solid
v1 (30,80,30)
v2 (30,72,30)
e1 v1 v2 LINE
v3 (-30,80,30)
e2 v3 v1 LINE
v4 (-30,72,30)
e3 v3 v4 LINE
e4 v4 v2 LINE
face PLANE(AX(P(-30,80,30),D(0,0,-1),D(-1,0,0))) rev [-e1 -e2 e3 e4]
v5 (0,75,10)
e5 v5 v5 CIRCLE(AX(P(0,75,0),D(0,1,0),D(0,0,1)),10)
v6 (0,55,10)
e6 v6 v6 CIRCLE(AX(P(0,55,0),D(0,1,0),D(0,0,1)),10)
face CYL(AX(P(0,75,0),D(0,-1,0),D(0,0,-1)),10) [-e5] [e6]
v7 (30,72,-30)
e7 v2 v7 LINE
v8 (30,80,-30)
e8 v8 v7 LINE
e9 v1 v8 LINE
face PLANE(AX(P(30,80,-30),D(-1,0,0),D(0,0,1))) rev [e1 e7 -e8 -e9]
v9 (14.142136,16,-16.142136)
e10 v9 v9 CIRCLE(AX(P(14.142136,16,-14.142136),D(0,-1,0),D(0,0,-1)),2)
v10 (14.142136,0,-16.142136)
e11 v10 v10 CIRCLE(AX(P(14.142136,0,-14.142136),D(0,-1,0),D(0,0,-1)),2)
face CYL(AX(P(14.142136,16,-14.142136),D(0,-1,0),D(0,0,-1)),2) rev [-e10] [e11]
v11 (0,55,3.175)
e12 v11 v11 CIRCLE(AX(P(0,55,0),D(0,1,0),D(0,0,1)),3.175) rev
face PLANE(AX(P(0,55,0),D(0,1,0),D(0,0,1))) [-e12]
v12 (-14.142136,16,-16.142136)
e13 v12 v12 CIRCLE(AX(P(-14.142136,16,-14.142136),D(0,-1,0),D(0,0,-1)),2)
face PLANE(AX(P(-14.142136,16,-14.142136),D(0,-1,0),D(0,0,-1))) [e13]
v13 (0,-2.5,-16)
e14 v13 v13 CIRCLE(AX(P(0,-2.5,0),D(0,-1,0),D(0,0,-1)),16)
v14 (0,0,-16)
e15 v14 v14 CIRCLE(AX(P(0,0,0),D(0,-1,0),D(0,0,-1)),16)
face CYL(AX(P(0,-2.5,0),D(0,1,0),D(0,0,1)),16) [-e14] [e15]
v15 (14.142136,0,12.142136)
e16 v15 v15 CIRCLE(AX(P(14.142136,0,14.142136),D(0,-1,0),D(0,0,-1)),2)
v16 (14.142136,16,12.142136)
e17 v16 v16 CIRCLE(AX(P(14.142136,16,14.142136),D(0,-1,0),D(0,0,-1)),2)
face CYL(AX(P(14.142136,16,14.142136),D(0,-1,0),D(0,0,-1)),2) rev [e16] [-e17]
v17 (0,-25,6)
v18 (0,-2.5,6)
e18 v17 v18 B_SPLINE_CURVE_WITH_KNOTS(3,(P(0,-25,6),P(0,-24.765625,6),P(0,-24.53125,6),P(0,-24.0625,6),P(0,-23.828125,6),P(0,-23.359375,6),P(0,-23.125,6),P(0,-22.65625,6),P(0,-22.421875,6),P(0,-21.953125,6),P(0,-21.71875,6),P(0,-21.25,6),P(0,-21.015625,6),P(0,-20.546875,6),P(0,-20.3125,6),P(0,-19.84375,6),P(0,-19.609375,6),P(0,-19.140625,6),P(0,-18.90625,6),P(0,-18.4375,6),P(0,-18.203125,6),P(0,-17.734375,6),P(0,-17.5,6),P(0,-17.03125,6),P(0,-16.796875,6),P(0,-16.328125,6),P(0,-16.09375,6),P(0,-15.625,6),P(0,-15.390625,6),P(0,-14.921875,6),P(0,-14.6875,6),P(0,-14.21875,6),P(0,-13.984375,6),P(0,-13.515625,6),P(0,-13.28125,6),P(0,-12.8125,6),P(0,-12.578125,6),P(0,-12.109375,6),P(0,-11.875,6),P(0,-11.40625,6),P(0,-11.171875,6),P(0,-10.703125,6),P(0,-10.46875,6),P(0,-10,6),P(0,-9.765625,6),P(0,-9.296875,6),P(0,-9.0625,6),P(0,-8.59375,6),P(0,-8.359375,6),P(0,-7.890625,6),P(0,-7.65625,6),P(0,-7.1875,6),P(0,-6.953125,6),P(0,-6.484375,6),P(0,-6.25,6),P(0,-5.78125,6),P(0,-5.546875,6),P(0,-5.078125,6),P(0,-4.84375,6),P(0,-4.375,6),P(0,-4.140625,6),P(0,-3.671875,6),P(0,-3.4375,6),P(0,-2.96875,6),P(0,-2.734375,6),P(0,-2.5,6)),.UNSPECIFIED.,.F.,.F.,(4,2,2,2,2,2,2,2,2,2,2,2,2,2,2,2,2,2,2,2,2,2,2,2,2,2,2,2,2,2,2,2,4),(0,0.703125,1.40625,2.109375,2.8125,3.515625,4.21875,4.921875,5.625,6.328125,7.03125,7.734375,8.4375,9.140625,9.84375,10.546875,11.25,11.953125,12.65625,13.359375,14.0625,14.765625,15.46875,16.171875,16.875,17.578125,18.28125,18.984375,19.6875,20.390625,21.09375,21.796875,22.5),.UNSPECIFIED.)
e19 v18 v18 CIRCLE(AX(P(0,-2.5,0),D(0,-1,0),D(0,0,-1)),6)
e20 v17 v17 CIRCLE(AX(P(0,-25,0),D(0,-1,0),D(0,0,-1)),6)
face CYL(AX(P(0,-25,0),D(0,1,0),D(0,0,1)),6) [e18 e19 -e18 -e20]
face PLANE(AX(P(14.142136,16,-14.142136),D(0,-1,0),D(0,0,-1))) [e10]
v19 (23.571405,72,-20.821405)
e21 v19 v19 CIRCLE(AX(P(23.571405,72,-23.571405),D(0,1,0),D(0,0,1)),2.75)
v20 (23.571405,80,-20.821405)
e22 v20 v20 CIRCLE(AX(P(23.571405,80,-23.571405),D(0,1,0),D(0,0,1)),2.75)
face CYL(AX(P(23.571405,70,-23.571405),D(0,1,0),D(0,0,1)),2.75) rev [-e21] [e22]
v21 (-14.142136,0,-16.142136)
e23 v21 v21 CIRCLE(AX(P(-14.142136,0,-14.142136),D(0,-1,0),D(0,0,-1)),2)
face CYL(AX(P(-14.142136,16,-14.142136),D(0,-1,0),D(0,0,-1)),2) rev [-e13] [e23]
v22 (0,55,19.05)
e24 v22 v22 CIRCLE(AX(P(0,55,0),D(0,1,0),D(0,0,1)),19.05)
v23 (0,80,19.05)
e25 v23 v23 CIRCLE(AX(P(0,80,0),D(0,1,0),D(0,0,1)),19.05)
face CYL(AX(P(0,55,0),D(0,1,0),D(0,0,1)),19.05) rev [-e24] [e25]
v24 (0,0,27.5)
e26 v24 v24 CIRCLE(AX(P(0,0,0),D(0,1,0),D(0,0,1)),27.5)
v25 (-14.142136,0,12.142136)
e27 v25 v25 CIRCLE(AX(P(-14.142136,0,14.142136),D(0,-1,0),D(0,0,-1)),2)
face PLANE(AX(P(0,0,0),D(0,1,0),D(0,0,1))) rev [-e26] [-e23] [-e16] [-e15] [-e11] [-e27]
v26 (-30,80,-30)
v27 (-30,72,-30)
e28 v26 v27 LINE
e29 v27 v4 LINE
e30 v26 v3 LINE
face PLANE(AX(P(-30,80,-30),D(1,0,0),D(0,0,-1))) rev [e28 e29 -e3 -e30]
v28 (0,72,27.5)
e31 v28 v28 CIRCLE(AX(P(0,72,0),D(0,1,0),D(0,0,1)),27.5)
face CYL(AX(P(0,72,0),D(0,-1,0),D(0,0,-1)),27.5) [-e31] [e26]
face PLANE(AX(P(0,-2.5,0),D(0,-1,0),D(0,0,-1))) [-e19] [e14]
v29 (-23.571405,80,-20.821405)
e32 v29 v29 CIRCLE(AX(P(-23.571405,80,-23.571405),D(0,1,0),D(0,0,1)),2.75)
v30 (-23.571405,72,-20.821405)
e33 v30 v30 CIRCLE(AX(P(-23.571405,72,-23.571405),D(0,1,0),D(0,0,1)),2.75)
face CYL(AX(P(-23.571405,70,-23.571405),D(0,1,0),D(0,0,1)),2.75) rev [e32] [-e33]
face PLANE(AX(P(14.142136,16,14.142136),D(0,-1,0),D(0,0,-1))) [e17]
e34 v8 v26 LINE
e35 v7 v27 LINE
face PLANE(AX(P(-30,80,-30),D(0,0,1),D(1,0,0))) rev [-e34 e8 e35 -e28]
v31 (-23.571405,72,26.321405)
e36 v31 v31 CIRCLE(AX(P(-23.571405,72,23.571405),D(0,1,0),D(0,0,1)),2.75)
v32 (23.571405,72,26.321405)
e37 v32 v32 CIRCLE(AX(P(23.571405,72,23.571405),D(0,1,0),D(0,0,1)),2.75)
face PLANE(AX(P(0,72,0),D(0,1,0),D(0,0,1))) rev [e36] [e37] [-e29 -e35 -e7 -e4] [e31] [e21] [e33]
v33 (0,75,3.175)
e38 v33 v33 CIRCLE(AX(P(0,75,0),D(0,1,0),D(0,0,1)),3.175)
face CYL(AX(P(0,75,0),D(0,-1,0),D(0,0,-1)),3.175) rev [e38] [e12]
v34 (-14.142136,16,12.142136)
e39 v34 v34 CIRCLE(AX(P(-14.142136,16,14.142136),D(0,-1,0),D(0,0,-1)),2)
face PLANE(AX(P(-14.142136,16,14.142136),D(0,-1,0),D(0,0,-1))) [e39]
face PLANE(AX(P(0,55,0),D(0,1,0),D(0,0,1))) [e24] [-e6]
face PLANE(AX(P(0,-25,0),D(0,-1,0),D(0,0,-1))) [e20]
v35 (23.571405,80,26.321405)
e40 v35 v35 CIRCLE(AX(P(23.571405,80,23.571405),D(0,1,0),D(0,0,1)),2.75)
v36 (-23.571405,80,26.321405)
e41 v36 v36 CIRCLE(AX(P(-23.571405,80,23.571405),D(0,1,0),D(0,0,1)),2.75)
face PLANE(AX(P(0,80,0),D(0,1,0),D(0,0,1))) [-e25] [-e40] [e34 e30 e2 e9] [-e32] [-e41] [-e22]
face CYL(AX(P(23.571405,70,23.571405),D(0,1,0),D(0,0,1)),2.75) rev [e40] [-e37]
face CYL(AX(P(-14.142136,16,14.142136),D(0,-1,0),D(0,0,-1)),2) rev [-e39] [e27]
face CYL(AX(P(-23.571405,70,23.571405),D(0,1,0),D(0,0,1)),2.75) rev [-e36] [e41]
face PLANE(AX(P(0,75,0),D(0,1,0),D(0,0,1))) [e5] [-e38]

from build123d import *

# Parameters (mm, degrees)
SKETCH1_R           = 27.5
BOSS_EXTRUDE1_DEPTH = 72
SKETCH2_R           = 16
BOSS_EXTRUDE2_DEPTH = 2.5
SKETCH3_W           = 60
SKETCH3_H           = 60
BOSS_EXTRUDE3_DEPTH = 8
SKETCH4_R           = 6
BOSS_EXTRUDE4_DEPTH = 22.5
SKETCH5_R           = 2
CUT_EXTRUDE1_DEPTH  = 16
SKETCH6_R           = 19.05
CUT_EXTRUDE2_DEPTH  = 25
SKETCH7_R           = 10
SKETCH7_R_2         = 3.175
BOSS_EXTRUDE5_DEPTH = 20
SKETCH8_R           = 2.75
CUT_EXTRUDE3_DEPTH  = 10


with BuildPart() as part:
    # Sketch1 → Boss-Extrude1 (new body)
    with BuildSketch(Plane(origin=(0, 0, 0), x_dir=(1, 0, 0), z_dir=(0, 1, 0))):
        with Locations(Location((0, 0, 0), (0, 0, 270))):
            Circle(SKETCH1_R)
    extrude(amount=BOSS_EXTRUDE1_DEPTH)

    # Sketch2 → Boss-Extrude2 (add)
    with BuildSketch(Plane.XZ):
        with Locations(Location((0, 0, 0), (0, 0, 270))):
            Circle(SKETCH2_R)
    extrude(amount=BOSS_EXTRUDE2_DEPTH)

    # Sketch3 → Boss-Extrude3 (add)
    with BuildSketch(Plane(origin=(0, 72, 0), x_dir=(1, 0, 0), z_dir=(0, 1, 0))):
        Rectangle(SKETCH3_W, SKETCH3_H)
    extrude(amount=BOSS_EXTRUDE3_DEPTH)

    # Sketch4 → Boss-Extrude4 (add)
    with BuildSketch(Plane(origin=(0, -2.5, 0), x_dir=(-1, 0, 0), z_dir=(0, -1, 0))):
        with Locations(Location((0, 0, 0), (0, 0, 270))):
            Circle(SKETCH4_R)
    extrude(amount=BOSS_EXTRUDE4_DEPTH)

    # Sketch5 → Cut-Extrude1 (cut)
    with BuildSketch(Plane.XZ):
        with Locations(Location((14.142135624, 14.142135624, 0), (0, 0, 270))):
            Circle(SKETCH5_R)
        with Locations(Location((14.142135624, -14.142135624, 0), (0, 0, 270))):
            Circle(SKETCH5_R)
        with Locations(Location((-14.142135624, -14.142135624, 0), (0, 0, 270))):
            Circle(SKETCH5_R)
        with Locations(Location((-14.142135624, 14.142135624, 0), (0, 0, 270))):
            Circle(SKETCH5_R)
    extrude(amount=-CUT_EXTRUDE1_DEPTH, mode=Mode.SUBTRACT)

    # Sketch6 → Cut-Extrude2 (cut)
    with BuildSketch(Plane(origin=(0, 80, 0), x_dir=(1, 0, 0), z_dir=(0, 1, 0))):
        with Locations(Location((0, 0, 0), (0, 0, 270))):
            Circle(SKETCH6_R)
    extrude(amount=-CUT_EXTRUDE2_DEPTH, mode=Mode.SUBTRACT)

    # Sketch7 → Boss-Extrude5 (add)
    with BuildSketch(Plane(origin=(0, 55, 0), x_dir=(1, 0, 0), z_dir=(0, 1, 0))):
        with Locations(Location((0, 0, 0), (0, 0, 270))):
            Circle(SKETCH7_R)
        with Locations(Location((0, 0, 0), (0, 0, 270))):
            Circle(SKETCH7_R_2, mode=Mode.SUBTRACT)
    extrude(amount=BOSS_EXTRUDE5_DEPTH)

    # Sketch8 → Cut-Extrude3 (cut)
    with BuildSketch(Plane(origin=(0, 80, 0), x_dir=(1, 0, 0), z_dir=(0, 1, 0))):
        with Locations(Location((-23.571404551, 23.571404551, 0), (0, 0, 270))):
            Circle(SKETCH8_R)
        with Locations(Location((23.571404551, 23.571404551, 0), (0, 0, 270))):
            Circle(SKETCH8_R)
        with Locations(Location((23.571404551, -23.571404551, 0), (0, 0, 270))):
            Circle(SKETCH8_R)
        with Locations(Location((-23.571404551, -23.571404551, 0), (0, 0, 270))):
            Circle(SKETCH8_R)
    extrude(amount=-CUT_EXTRUDE3_DEPTH, mode=Mode.SUBTRACT)


solid = part.part
